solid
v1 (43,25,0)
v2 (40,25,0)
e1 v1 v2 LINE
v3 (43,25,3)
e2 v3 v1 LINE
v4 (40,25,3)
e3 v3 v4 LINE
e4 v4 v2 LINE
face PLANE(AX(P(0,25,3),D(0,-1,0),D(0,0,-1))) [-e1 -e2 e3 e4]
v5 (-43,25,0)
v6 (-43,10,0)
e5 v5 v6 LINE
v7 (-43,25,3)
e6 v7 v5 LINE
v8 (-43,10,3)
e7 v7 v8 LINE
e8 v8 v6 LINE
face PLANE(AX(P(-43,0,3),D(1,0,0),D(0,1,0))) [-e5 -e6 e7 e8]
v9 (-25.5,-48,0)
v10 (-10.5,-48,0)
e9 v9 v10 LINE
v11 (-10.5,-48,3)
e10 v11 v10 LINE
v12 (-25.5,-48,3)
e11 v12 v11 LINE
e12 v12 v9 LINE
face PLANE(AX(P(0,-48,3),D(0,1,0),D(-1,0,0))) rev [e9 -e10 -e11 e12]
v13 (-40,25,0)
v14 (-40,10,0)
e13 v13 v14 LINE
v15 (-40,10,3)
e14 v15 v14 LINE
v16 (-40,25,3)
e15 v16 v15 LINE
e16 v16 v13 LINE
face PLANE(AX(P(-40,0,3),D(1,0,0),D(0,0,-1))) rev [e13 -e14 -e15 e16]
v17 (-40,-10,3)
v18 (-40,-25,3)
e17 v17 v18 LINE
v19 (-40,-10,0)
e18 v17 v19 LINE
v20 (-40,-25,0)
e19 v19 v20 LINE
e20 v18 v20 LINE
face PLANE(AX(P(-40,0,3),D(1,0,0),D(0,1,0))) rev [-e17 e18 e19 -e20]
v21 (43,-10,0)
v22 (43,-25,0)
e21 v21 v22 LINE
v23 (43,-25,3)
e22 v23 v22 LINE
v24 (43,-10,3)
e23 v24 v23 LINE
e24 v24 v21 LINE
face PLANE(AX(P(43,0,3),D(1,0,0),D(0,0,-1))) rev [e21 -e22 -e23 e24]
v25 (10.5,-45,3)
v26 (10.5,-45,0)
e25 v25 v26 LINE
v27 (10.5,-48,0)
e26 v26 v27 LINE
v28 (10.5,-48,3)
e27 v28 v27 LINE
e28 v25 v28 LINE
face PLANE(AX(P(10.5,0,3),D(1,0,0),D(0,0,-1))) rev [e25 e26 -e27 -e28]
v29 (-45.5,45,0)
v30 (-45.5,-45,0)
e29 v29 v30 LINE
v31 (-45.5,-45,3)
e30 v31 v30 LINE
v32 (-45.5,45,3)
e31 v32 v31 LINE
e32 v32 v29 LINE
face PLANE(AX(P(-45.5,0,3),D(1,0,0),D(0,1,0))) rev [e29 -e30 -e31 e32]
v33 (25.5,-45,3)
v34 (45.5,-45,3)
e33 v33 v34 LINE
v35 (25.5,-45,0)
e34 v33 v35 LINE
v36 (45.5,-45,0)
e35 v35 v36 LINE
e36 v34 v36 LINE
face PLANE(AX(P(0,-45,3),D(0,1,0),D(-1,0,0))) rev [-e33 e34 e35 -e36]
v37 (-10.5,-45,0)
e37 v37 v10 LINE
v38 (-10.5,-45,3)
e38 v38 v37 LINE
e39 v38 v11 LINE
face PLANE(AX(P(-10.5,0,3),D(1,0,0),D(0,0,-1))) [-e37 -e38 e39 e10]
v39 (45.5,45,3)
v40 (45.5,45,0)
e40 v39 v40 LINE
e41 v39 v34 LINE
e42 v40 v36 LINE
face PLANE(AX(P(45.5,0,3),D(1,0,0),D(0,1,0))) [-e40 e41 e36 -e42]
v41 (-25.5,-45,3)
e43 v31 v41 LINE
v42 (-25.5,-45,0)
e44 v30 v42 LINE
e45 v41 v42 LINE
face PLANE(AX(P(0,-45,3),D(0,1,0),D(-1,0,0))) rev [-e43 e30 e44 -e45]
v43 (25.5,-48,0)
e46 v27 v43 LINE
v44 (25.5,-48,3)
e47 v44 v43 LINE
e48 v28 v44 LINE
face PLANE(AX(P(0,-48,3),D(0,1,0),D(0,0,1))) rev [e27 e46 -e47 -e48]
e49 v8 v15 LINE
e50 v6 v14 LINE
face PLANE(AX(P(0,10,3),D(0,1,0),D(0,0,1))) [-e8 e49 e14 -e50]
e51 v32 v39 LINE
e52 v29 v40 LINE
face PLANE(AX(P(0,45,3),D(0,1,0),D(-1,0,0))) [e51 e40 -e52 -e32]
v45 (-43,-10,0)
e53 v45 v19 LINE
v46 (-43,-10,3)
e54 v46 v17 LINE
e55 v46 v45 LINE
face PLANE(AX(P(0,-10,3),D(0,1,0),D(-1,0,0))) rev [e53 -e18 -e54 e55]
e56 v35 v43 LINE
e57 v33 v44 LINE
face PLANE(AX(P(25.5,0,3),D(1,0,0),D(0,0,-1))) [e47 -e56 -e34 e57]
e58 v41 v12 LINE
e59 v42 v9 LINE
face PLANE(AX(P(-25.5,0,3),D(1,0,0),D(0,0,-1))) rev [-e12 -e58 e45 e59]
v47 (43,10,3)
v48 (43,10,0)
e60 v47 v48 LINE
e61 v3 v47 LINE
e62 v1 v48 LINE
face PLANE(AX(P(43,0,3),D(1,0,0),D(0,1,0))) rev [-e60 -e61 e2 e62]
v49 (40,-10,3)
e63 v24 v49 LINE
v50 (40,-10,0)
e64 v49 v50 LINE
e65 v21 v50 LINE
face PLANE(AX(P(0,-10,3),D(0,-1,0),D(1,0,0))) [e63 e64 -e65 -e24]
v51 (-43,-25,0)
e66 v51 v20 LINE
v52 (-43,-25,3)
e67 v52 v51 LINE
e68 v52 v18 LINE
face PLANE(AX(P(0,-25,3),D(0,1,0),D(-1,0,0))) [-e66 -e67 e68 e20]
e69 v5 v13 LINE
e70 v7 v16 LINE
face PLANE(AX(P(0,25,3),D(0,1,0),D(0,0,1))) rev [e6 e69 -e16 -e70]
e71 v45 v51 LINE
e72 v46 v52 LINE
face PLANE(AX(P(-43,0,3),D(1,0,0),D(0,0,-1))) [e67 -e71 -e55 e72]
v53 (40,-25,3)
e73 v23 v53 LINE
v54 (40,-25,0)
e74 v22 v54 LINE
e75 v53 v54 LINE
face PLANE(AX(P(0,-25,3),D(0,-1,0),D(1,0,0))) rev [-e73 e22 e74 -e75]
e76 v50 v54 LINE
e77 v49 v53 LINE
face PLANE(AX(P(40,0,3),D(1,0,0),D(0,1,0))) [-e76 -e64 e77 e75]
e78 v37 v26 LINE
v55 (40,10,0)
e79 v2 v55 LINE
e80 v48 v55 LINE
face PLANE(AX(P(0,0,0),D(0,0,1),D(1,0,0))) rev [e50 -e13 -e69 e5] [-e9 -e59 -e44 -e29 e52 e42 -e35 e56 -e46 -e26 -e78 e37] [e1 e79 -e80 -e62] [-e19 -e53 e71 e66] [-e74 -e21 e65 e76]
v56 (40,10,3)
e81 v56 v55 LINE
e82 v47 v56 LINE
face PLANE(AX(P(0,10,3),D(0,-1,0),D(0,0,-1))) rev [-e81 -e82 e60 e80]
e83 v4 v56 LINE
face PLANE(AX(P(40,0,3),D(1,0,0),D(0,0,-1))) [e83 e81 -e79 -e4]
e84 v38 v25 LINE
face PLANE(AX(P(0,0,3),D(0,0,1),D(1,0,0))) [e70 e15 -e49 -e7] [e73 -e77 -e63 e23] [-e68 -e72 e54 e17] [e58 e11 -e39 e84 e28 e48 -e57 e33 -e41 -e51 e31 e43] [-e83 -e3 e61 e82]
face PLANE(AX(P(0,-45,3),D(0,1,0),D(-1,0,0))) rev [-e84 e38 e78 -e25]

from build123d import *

# Parameters (mm, degrees)
SKETCH1_W           = 3
SKETCH1_H           = 15
BOSS_EXTRUDE1_DEPTH = 3


with BuildPart() as part:
    # Sketch1 → Boss-Extrude1 (new body)
    with BuildSketch(Plane.XY):
        Polygon((-45.5, 45), (-45.5, -45), (-25.5, -45), (-25.5, -48), (-10.5, -48), (-10.5, -45), (10.5, -45), (10.5, -48), (25.5, -48), (25.5, -45), (45.5, -45), (45.5, 45), align=None)
        with Locations((-41.5, -17.5)):
            Rectangle(SKETCH1_W, SKETCH1_H, mode=Mode.SUBTRACT)
        with Locations((41.5, -17.5)):
            Rectangle(SKETCH1_W, SKETCH1_H, mode=Mode.SUBTRACT)
        with Locations((-41.5, 17.5)):
            Rectangle(SKETCH1_W, SKETCH1_H, mode=Mode.SUBTRACT)
        with Locations((41.5, 17.5)):
            Rectangle(SKETCH1_W, SKETCH1_H, mode=Mode.SUBTRACT)
    extrude(amount=BOSS_EXTRUDE1_DEPTH)


solid = part.part
